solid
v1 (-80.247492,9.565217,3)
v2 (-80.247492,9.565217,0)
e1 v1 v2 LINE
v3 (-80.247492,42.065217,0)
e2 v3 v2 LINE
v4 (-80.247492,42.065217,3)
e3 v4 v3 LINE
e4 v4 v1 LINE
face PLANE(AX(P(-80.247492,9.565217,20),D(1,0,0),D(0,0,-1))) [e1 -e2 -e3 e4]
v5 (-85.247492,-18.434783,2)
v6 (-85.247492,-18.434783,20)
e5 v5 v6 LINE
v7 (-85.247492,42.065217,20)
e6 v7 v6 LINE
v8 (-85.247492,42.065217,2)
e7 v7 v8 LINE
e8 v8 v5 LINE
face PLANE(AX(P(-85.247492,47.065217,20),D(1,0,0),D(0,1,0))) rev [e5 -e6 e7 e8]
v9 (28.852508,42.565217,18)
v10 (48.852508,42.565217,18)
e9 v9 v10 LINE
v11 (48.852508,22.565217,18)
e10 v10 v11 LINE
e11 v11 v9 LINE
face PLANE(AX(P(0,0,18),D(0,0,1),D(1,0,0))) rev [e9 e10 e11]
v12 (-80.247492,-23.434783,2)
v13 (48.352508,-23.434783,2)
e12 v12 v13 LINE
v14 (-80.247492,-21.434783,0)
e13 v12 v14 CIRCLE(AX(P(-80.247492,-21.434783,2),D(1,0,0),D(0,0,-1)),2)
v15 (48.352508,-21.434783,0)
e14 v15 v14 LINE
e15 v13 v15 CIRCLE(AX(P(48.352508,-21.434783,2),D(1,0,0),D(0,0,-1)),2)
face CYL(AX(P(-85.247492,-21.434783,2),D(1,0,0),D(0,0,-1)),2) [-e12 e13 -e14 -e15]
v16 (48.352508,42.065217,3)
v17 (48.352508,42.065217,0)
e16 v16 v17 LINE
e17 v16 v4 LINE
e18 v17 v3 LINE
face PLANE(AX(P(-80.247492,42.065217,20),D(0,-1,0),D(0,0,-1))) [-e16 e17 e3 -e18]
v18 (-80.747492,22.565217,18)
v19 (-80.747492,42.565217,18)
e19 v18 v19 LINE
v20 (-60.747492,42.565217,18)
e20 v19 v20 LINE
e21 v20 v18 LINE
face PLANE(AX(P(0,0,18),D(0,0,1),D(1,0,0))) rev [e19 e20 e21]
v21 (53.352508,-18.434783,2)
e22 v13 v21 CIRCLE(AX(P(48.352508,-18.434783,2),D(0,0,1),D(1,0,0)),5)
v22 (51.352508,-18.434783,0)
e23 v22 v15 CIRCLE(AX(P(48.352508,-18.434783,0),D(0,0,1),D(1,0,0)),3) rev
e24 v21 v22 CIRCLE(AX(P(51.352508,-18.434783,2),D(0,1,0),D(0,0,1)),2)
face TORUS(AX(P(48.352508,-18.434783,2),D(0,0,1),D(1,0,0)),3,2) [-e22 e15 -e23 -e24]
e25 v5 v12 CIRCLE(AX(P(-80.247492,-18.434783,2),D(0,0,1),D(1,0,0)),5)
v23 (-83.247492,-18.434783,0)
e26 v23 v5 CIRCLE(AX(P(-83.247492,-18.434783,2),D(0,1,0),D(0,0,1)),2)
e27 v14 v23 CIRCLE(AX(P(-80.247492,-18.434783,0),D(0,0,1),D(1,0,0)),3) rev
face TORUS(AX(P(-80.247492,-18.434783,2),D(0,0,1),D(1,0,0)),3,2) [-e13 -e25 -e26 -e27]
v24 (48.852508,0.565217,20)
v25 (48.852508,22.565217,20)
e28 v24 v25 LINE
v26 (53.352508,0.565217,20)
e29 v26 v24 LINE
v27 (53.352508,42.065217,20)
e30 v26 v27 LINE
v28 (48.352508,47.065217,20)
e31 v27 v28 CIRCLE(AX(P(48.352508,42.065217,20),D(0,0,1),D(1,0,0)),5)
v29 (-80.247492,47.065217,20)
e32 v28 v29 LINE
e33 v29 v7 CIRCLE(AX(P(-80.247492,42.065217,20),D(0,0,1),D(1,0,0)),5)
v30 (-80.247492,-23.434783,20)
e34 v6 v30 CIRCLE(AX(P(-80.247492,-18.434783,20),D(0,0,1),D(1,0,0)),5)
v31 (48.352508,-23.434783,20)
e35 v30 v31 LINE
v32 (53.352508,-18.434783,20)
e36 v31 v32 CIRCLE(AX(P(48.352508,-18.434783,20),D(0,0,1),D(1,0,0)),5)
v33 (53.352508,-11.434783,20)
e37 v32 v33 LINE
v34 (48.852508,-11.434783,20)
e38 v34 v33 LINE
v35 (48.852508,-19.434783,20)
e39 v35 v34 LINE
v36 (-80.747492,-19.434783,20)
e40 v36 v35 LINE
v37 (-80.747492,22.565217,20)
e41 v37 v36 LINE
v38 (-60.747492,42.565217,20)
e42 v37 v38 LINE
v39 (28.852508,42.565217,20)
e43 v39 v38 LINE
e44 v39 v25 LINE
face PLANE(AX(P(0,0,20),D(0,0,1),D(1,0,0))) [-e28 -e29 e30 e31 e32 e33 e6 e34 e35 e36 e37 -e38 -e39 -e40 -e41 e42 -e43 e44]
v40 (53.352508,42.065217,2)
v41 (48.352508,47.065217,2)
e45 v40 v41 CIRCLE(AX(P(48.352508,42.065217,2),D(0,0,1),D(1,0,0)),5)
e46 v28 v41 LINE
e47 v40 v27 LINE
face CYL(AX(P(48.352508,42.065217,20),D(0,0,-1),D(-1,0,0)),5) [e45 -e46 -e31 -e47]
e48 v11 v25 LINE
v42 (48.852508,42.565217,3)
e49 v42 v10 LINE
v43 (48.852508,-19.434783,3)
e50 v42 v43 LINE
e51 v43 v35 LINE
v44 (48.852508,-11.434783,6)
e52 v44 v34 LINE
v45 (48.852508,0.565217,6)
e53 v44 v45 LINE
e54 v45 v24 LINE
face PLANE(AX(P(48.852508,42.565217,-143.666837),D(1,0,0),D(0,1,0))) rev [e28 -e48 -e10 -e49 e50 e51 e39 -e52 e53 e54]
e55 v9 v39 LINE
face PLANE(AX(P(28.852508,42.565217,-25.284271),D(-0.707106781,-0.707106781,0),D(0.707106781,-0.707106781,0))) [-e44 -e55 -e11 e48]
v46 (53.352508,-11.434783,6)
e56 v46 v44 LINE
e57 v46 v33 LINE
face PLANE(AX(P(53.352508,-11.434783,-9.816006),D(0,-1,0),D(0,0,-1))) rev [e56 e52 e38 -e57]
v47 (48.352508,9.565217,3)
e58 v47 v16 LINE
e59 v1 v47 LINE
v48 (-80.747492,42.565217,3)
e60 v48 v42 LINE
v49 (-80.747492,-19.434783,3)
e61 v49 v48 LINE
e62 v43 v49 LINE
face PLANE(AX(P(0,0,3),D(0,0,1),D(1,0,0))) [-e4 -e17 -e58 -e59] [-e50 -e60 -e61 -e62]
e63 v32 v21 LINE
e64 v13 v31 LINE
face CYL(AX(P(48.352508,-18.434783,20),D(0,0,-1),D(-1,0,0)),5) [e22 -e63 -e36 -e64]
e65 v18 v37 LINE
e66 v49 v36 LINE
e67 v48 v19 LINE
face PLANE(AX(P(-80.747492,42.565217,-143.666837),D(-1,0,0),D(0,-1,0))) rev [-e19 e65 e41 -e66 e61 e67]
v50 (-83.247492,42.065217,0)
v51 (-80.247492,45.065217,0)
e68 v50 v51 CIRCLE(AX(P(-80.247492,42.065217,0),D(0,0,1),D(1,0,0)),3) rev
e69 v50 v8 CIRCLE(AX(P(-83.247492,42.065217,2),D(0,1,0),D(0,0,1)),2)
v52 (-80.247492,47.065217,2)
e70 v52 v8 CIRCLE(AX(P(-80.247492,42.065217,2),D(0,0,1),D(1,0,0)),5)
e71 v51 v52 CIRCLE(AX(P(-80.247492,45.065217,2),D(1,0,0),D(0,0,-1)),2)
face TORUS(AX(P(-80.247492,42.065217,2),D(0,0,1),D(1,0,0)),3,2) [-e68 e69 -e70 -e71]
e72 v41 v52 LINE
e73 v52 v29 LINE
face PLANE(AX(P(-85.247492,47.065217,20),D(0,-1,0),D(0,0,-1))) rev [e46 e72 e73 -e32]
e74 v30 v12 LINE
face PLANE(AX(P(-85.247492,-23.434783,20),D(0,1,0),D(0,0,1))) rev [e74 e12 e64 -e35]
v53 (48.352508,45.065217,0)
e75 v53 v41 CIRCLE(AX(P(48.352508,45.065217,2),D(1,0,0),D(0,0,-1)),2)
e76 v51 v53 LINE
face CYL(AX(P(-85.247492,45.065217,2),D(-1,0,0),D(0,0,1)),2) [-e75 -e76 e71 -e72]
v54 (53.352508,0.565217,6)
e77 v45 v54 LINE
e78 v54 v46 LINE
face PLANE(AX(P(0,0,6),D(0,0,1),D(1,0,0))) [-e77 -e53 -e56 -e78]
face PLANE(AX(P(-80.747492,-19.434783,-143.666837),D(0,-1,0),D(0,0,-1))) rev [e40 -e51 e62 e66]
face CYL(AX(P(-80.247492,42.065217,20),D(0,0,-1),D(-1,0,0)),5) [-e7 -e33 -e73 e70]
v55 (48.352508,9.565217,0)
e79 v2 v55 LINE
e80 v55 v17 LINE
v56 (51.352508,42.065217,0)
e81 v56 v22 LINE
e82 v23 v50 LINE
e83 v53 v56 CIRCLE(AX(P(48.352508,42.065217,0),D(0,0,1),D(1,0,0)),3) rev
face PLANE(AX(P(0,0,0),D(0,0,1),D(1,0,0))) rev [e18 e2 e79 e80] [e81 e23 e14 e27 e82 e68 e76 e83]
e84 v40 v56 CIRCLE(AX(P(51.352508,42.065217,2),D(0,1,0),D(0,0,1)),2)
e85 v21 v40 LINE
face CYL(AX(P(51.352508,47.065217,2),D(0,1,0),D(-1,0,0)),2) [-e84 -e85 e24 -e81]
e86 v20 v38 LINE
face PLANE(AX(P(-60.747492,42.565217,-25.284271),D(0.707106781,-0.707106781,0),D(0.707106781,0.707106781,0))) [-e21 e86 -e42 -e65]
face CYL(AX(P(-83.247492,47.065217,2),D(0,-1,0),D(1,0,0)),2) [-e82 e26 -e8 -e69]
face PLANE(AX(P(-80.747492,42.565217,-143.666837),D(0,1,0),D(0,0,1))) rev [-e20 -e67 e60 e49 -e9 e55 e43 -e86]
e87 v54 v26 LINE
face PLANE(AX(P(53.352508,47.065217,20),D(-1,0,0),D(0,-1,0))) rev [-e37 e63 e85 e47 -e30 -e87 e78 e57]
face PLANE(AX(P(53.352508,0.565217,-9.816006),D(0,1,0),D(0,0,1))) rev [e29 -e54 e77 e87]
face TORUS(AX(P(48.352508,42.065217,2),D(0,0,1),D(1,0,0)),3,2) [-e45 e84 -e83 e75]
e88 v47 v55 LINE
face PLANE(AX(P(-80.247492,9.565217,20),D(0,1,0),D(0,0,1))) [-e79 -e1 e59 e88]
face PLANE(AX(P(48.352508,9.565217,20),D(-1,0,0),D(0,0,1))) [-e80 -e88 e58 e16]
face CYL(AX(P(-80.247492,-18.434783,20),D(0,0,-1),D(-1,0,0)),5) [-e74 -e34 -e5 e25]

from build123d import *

# Parameters (mm, degrees)
SKETCH1_W           = 138.6
SKETCH1_H           = 70.5
SKETCH1_W_2         = 128.6
SKETCH1_H_2         = 32.5
BOSS_EXTRUDE1_DEPTH = 20
SKETCH2_W           = 129.6
SKETCH2_H           = 62
CUT_EXTRUDE1_DEPTH  = 17
FILLET2_R           = 5
FILLET3_R           = 2
SKETCH3_W           = 4.5
SKETCH3_H           = 12
CUT_EXTRUDE2_DEPTH  = 14
BOSS_EXTRUDE2_DEPTH = 2


with BuildPart() as part:
    # Sketch1 → Boss-Extrude1 (new body)
    with BuildSketch(Plane.XY):
        with Locations((-15.947491639, 11.815217391)):
            Rectangle(SKETCH1_W, SKETCH1_H)
        with Locations((-15.947491639, 25.815217391)):
            Rectangle(SKETCH1_W_2, SKETCH1_H_2, mode=Mode.SUBTRACT)
    extrude(amount=BOSS_EXTRUDE1_DEPTH)

    # Sketch2 → Cut-Extrude1 (cut)
    with BuildSketch(Plane.XY.offset(20)):
        with Locations((-15.947491639, 11.565217391)):
            Rectangle(SKETCH2_W, SKETCH2_H)
    extrude(amount=-CUT_EXTRUDE1_DEPTH, mode=Mode.SUBTRACT)

    # Fillet2
    fillet2_edges = [part.edges().sort_by_distance(p)[0] for p in [
        (-85.247491639, 47.065217391, 10),
        (53.352508361, 47.065217391, 10),
        (53.352508361, -23.434782609, 10),
        (-85.247491639, -23.434782609, 10),
    ]]
    fillet(fillet2_edges, radius=FILLET2_R)

    # Fillet3
    fillet3_edges = [part.edges().sort_by_distance(p)[0] for p in [
        (-15.947491639, 47.065217391, 0),
        (-85.247491639, 11.815217391, 0),
        (53.352508361, 11.815217391, 0),
        (-15.947491639, -23.434782609, 0),
        (51.888042267, -21.970316515, 0),
        (-83.783025545, -21.970316515, 0),
        (-83.783025545, 45.600751297, 0),
        (51.888042267, 45.600751297, 0),
    ]]
    fillet(fillet3_edges, radius=FILLET3_R)

    # Sketch3 → Cut-Extrude2 (cut)
    with BuildSketch(Plane.XY.offset(20)):
        with Locations((51.102508361, -5.434782609)):
            Rectangle(SKETCH3_W, SKETCH3_H)
    extrude(amount=-CUT_EXTRUDE2_DEPTH, mode=Mode.SUBTRACT)

    # Sketch4 → Boss-Extrude2 (add)
    with BuildSketch(Plane.XY.offset(20)):
        Polygon((-60.747491639, 42.565217391), (-80.747491639, 22.565217391), (-80.747491639, 42.565217391), align=None)
        Polygon((48.852508361, 22.565217391), (48.852508361, 42.565217391), (28.852508361, 42.565217391), align=None)
    extrude(amount=-BOSS_EXTRUDE2_DEPTH)


solid = part.part
